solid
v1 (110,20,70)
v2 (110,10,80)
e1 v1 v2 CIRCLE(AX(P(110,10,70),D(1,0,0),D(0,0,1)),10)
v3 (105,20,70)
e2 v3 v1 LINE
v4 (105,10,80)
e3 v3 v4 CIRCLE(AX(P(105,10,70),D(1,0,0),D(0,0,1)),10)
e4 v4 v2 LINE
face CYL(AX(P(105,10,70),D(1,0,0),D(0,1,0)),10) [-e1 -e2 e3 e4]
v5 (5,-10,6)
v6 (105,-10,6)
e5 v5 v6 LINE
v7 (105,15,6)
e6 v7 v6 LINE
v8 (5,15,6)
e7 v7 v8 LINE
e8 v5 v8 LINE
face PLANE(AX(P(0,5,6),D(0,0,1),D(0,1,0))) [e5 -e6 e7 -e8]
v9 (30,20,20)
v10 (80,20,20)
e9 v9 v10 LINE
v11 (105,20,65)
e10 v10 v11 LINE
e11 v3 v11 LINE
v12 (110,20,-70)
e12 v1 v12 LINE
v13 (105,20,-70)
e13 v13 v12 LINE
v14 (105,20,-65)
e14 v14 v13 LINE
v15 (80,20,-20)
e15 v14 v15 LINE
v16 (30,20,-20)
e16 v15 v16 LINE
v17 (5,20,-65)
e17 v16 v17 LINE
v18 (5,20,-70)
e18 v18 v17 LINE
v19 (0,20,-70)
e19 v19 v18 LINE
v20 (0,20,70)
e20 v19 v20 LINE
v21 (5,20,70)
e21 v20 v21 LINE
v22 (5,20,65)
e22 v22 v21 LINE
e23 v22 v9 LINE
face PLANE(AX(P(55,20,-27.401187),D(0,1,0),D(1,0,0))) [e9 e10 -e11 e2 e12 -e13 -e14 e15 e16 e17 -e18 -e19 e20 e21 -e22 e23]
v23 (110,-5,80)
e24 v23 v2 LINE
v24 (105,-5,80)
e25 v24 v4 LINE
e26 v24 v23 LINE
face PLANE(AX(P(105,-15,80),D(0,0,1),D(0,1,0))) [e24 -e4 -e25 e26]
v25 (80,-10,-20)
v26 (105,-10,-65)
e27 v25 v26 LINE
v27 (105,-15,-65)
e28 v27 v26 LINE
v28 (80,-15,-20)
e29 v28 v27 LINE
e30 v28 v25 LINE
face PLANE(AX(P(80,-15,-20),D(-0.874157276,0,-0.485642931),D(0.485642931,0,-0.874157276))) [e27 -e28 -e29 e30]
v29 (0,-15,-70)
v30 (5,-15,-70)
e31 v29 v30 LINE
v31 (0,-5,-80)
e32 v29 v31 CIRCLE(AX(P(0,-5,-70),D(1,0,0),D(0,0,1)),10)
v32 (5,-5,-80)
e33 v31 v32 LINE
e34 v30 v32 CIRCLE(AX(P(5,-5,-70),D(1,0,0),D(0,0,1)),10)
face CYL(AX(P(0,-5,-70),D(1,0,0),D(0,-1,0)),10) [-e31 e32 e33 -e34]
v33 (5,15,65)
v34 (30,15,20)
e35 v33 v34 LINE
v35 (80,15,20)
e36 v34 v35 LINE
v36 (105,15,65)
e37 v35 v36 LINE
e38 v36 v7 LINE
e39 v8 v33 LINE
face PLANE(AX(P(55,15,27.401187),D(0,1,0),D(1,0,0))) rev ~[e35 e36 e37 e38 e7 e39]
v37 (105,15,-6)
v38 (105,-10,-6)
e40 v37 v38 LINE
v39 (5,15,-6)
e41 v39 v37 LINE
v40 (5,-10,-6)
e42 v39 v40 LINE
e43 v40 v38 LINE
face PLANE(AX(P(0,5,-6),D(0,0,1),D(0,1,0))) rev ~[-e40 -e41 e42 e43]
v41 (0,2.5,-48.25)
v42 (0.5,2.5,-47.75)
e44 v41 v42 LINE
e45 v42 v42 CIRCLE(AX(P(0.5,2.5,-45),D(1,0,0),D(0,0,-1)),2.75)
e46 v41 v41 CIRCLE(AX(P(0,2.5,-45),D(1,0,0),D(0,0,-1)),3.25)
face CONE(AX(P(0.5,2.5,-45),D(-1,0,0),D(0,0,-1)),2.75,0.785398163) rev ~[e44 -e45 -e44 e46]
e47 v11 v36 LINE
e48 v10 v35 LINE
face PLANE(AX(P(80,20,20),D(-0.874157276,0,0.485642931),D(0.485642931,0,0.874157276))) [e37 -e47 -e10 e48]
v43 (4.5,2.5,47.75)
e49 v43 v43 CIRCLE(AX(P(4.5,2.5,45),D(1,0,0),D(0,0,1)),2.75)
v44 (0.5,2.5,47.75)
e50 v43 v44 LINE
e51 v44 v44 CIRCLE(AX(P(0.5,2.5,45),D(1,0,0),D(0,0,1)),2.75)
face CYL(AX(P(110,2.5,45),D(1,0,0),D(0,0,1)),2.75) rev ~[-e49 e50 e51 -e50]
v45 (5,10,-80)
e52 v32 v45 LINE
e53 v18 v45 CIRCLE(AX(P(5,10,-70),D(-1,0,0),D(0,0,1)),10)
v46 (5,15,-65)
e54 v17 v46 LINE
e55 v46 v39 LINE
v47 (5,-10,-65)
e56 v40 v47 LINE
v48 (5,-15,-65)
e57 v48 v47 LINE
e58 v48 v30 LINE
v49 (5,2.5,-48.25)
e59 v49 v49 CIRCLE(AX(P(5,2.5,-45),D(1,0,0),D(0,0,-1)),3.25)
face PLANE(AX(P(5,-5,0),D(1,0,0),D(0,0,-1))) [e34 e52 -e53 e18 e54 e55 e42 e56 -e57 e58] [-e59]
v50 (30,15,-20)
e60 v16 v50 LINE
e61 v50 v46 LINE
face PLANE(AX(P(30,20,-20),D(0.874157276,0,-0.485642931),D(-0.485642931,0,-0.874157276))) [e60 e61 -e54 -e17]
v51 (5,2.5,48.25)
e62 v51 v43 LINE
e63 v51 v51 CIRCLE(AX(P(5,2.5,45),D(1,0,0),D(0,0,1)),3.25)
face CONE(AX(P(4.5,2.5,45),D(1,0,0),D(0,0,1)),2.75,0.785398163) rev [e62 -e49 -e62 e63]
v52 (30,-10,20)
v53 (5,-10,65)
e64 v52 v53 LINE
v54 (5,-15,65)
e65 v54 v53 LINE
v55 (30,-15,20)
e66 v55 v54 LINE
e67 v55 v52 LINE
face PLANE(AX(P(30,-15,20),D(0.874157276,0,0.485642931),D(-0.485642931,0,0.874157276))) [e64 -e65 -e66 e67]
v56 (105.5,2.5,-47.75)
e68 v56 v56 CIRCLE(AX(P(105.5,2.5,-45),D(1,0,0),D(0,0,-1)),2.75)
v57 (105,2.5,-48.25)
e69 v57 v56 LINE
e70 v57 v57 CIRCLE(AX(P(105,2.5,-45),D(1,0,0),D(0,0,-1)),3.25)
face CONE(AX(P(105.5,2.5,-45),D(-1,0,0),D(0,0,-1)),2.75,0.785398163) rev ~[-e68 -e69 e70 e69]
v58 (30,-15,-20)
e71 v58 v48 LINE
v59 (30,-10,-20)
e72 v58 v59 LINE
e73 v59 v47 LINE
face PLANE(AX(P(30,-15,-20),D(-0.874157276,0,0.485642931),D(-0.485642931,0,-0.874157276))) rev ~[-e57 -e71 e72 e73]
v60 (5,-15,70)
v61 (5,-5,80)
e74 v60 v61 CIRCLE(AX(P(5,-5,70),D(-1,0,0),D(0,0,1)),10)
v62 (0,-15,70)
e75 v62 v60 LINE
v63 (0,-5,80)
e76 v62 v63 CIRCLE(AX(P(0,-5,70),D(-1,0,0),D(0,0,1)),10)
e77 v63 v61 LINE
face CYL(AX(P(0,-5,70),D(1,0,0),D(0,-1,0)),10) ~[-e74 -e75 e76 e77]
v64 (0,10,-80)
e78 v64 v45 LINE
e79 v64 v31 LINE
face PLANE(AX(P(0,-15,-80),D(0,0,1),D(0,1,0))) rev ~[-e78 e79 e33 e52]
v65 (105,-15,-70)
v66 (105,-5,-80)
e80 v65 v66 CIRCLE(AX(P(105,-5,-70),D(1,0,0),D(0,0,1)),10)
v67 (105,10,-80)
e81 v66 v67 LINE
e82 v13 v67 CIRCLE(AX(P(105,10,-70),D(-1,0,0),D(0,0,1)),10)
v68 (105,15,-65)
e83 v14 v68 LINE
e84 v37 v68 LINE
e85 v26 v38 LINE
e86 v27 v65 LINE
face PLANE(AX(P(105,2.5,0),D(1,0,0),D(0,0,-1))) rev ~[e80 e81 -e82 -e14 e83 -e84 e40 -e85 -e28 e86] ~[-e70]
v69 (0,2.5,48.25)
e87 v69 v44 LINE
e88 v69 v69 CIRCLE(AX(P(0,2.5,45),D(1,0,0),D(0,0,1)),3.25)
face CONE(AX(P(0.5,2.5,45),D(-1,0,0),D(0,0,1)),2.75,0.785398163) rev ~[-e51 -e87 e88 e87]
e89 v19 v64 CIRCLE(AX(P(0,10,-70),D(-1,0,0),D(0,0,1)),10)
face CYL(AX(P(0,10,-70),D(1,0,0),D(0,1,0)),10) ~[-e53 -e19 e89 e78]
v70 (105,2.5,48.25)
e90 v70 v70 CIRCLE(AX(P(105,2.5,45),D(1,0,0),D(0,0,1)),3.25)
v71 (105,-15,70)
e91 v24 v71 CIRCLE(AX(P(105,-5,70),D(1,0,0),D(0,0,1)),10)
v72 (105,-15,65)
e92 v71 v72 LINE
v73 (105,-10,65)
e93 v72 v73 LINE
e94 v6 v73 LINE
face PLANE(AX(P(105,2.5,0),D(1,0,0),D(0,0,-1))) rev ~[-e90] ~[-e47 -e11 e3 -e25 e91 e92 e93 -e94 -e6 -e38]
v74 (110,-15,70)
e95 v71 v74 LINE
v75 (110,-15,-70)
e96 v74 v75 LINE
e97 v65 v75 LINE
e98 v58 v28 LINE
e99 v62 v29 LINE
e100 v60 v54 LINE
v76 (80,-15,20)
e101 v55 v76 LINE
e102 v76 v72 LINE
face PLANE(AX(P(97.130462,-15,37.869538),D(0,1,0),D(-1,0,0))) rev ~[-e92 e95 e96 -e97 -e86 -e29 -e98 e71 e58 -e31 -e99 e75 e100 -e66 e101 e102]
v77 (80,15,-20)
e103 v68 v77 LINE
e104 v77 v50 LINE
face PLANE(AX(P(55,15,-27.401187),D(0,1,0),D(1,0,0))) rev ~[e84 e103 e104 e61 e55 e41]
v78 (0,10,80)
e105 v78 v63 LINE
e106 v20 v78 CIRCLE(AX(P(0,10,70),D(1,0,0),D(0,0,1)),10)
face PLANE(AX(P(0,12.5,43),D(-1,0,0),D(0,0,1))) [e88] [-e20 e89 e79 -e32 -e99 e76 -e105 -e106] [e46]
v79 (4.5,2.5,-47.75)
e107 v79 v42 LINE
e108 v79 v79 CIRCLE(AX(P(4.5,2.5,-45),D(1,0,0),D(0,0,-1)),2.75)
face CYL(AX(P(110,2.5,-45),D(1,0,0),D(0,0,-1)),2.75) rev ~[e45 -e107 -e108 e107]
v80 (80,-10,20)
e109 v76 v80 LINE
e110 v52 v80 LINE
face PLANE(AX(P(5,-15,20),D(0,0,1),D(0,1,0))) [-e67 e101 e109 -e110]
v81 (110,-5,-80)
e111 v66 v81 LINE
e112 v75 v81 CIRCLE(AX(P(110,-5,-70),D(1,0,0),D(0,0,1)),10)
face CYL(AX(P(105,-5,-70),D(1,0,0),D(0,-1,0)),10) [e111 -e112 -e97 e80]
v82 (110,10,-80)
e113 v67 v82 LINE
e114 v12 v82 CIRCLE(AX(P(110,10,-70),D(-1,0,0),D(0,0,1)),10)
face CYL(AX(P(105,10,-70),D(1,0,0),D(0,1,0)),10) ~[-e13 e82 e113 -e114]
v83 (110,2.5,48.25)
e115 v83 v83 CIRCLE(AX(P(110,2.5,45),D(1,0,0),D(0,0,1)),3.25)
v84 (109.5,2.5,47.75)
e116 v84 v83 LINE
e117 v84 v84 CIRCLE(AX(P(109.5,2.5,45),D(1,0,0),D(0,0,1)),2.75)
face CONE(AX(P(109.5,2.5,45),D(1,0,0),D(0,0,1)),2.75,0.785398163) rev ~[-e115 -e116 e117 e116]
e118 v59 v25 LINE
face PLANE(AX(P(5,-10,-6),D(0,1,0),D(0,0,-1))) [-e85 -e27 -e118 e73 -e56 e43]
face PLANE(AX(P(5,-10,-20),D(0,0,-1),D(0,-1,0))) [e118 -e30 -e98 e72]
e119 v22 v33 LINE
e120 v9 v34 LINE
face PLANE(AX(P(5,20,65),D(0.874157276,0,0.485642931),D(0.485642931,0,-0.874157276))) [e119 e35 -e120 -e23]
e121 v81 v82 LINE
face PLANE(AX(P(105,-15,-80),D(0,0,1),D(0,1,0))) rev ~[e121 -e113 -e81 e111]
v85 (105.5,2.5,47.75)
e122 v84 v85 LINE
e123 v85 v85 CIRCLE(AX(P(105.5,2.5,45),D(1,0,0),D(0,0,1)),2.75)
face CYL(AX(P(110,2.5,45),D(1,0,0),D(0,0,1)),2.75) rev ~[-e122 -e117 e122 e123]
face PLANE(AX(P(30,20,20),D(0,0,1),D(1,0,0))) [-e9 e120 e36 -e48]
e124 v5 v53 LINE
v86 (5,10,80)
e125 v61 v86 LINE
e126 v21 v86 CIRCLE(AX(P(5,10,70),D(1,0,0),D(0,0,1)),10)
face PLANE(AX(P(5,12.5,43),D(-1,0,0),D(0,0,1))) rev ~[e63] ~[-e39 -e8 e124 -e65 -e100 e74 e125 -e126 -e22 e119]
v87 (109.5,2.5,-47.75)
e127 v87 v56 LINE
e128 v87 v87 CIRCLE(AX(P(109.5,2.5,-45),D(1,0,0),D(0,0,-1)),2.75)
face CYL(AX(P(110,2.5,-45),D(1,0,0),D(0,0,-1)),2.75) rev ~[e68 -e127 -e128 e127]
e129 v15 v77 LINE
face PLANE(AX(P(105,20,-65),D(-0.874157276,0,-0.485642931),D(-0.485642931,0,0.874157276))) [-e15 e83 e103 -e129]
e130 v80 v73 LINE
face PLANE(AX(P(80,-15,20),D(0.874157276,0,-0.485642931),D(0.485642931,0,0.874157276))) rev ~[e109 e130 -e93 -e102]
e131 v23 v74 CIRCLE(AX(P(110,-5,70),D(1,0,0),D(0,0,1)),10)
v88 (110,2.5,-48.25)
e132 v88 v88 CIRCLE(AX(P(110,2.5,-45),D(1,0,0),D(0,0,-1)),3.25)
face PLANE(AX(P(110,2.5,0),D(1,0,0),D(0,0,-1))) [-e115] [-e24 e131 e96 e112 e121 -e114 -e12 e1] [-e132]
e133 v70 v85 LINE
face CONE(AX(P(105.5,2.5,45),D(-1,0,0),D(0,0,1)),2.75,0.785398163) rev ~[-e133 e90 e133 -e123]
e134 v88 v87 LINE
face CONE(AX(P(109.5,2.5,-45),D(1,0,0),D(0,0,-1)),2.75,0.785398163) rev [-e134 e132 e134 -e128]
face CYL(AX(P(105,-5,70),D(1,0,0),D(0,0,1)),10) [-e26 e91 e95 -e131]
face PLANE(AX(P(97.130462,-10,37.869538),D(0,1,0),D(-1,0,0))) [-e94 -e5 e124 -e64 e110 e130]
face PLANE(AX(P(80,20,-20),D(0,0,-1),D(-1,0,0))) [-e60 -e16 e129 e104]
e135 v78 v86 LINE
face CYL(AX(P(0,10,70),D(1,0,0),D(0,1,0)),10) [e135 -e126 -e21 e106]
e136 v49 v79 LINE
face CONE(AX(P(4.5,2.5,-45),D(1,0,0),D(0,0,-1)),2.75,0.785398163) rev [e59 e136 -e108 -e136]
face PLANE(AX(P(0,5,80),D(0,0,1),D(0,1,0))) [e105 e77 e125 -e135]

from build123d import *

# Parameters (mm, degrees)
SKETCH_1_W          = 160
SKETCH_1_H          = 20
EXTRUDE_1_DEPTH     = 5
EXTRUDE_3_DEPTH     = 100
SKETCH_5_W          = 12
SKETCH_5_H          = 15
EXTRUDE_4_DEPTH     = 105
SKETCH_6_W          = 74
SKETCH_6_H          = 15
EXTRUDE_5_DEPTH     = 5
SKETCH_7_W          = 160
SKETCH_7_H          = 35
EXTRUDE_6_DEPTH     = 5
EXTRUDE_7_DEPTH     = 5
SKETCH_9_R          = 2.75
CUT_EXTRUDE_1_DEPTH = 138.477270849
CHAMFER_1_SIZE      = 0.5
FILLET_1_R          = 10
EXTRUDE_8_DEPTH     = 5
FILLET_2_R          = 10


with BuildPart() as part:
    # 草图1 → 凸台-拉伸1 (new body)
    with BuildSketch(Plane(origin=(0, 0, 0), x_dir=(0, 0, -1), z_dir=(1, 0, 0))):
        with Locations((0, -5)):
            Rectangle(SKETCH_1_W, SKETCH_1_H)
    extrude(amount=EXTRUDE_1_DEPTH)

    # 草图3 → 凸台-拉伸3 (add)
    with BuildSketch(Plane(origin=(5, 0, 0), x_dir=(0, 0, -1), z_dir=(1, 0, 0))):
        Polygon((-6, 5), (6, 5), (6, -10), (20, -10), (20, -15), (-20, -15), (-20, -10), (-6, -10), align=None)
    extrude(amount=EXTRUDE_3_DEPTH)

    # 草图5 → 凸台-拉伸4 (add)
    with BuildSketch(Plane.ZY):
        with Locations((0, 12.5)):
            Rectangle(SKETCH_5_W, SKETCH_5_H)
    extrude(amount=-EXTRUDE_4_DEPTH)

    # 草图6 → 凸台-拉伸5 (add)
    with BuildSketch(Plane.ZY):
        with Locations((43, 12.5)):
            Rectangle(SKETCH_6_W, SKETCH_6_H)
        with Locations((-43, 12.5)):
            Rectangle(SKETCH_6_W, SKETCH_6_H)
    extrude(amount=-EXTRUDE_5_DEPTH)

    # 草图7 → 凸台-拉伸6 (add)
    with BuildSketch(Plane(origin=(105, 0, 0), x_dir=(0, 0, -1), z_dir=(1, 0, 0))):
        with Locations((0, 2.5)):
            Rectangle(SKETCH_7_W, SKETCH_7_H)
    extrude(amount=EXTRUDE_6_DEPTH)

    # 草图8 → 凸台-拉伸7 (add)
    with BuildSketch(Plane.XZ.offset(15)):
        Polygon((80, 20), (105, 65), (105, 20), align=None)
        Polygon((105, -20), (80, -20), (105, -65), align=None)
        Polygon((5, 20), (30, 20), (5, 65), align=None)
        Polygon((30, -20), (5, -65), (5, -20), align=None)
    extrude(amount=-EXTRUDE_7_DEPTH)

    # 草图9 → 切除-拉伸1 (cut, through all)
    with BuildSketch(Plane(origin=(110, 0, 0), x_dir=(0, 0, -1), z_dir=(1, 0, 0))):
        with Locations((45, 2.5)):
            Circle(SKETCH_9_R)
        with Locations(Location((-45, 2.5, 0), (0, 0, 180))):
            Circle(SKETCH_9_R)
    extrude(amount=-CUT_EXTRUDE_1_DEPTH, mode=Mode.SUBTRACT)

    # 倒角1
    chamfer_1_edges = [part.edges().sort_by_distance(p)[0] for p in [
        (105, 2.5, -42.25),
        (5, 2.5, -42.25),
        (0, 2.5, -42.25),
        (110, 2.5, -42.25),
        (105, 2.5, 42.25),
        (5, 2.5, 42.25),
        (0, 2.5, 42.25),
        (110, 2.5, 42.25),
    ]]
    chamfer(chamfer_1_edges, length=CHAMFER_1_SIZE)

    # 圆角1
    fillet_1_edges = [part.edges().sort_by_distance(p)[0] for p in [
        (107.5, -15, 80),
        (107.5, -15, -80),
        (2.5, -15, -80),
        (2.5, -15, 80),
    ]]
    fillet(fillet_1_edges, radius=FILLET_1_R)

    # 草图10 → 凸台-拉伸8 (add)
    with BuildSketch(Plane(origin=(0, 20, 0), x_dir=(1, 0, 0), z_dir=(0, 1, 0))):
        Polygon((5, 65), (5, 6), (105, 6), (105, 65), (80, 20), (30, 20), align=None)
        Polygon((5, -6), (5, -65), (30, -20), (80, -20), (105, -65), (105, -6), align=None)
    extrude(amount=-EXTRUDE_8_DEPTH)

    # 圆角2
    fillet_2_edges = [part.edges().sort_by_distance(p)[0] for p in [
        (2.5, 20, 80),
        (2.5, 20, -80),
        (107.5, 20, 80),
        (107.5, 20, -80),
    ]]
    fillet(fillet_2_edges, radius=FILLET_2_R)


solid = part.part
